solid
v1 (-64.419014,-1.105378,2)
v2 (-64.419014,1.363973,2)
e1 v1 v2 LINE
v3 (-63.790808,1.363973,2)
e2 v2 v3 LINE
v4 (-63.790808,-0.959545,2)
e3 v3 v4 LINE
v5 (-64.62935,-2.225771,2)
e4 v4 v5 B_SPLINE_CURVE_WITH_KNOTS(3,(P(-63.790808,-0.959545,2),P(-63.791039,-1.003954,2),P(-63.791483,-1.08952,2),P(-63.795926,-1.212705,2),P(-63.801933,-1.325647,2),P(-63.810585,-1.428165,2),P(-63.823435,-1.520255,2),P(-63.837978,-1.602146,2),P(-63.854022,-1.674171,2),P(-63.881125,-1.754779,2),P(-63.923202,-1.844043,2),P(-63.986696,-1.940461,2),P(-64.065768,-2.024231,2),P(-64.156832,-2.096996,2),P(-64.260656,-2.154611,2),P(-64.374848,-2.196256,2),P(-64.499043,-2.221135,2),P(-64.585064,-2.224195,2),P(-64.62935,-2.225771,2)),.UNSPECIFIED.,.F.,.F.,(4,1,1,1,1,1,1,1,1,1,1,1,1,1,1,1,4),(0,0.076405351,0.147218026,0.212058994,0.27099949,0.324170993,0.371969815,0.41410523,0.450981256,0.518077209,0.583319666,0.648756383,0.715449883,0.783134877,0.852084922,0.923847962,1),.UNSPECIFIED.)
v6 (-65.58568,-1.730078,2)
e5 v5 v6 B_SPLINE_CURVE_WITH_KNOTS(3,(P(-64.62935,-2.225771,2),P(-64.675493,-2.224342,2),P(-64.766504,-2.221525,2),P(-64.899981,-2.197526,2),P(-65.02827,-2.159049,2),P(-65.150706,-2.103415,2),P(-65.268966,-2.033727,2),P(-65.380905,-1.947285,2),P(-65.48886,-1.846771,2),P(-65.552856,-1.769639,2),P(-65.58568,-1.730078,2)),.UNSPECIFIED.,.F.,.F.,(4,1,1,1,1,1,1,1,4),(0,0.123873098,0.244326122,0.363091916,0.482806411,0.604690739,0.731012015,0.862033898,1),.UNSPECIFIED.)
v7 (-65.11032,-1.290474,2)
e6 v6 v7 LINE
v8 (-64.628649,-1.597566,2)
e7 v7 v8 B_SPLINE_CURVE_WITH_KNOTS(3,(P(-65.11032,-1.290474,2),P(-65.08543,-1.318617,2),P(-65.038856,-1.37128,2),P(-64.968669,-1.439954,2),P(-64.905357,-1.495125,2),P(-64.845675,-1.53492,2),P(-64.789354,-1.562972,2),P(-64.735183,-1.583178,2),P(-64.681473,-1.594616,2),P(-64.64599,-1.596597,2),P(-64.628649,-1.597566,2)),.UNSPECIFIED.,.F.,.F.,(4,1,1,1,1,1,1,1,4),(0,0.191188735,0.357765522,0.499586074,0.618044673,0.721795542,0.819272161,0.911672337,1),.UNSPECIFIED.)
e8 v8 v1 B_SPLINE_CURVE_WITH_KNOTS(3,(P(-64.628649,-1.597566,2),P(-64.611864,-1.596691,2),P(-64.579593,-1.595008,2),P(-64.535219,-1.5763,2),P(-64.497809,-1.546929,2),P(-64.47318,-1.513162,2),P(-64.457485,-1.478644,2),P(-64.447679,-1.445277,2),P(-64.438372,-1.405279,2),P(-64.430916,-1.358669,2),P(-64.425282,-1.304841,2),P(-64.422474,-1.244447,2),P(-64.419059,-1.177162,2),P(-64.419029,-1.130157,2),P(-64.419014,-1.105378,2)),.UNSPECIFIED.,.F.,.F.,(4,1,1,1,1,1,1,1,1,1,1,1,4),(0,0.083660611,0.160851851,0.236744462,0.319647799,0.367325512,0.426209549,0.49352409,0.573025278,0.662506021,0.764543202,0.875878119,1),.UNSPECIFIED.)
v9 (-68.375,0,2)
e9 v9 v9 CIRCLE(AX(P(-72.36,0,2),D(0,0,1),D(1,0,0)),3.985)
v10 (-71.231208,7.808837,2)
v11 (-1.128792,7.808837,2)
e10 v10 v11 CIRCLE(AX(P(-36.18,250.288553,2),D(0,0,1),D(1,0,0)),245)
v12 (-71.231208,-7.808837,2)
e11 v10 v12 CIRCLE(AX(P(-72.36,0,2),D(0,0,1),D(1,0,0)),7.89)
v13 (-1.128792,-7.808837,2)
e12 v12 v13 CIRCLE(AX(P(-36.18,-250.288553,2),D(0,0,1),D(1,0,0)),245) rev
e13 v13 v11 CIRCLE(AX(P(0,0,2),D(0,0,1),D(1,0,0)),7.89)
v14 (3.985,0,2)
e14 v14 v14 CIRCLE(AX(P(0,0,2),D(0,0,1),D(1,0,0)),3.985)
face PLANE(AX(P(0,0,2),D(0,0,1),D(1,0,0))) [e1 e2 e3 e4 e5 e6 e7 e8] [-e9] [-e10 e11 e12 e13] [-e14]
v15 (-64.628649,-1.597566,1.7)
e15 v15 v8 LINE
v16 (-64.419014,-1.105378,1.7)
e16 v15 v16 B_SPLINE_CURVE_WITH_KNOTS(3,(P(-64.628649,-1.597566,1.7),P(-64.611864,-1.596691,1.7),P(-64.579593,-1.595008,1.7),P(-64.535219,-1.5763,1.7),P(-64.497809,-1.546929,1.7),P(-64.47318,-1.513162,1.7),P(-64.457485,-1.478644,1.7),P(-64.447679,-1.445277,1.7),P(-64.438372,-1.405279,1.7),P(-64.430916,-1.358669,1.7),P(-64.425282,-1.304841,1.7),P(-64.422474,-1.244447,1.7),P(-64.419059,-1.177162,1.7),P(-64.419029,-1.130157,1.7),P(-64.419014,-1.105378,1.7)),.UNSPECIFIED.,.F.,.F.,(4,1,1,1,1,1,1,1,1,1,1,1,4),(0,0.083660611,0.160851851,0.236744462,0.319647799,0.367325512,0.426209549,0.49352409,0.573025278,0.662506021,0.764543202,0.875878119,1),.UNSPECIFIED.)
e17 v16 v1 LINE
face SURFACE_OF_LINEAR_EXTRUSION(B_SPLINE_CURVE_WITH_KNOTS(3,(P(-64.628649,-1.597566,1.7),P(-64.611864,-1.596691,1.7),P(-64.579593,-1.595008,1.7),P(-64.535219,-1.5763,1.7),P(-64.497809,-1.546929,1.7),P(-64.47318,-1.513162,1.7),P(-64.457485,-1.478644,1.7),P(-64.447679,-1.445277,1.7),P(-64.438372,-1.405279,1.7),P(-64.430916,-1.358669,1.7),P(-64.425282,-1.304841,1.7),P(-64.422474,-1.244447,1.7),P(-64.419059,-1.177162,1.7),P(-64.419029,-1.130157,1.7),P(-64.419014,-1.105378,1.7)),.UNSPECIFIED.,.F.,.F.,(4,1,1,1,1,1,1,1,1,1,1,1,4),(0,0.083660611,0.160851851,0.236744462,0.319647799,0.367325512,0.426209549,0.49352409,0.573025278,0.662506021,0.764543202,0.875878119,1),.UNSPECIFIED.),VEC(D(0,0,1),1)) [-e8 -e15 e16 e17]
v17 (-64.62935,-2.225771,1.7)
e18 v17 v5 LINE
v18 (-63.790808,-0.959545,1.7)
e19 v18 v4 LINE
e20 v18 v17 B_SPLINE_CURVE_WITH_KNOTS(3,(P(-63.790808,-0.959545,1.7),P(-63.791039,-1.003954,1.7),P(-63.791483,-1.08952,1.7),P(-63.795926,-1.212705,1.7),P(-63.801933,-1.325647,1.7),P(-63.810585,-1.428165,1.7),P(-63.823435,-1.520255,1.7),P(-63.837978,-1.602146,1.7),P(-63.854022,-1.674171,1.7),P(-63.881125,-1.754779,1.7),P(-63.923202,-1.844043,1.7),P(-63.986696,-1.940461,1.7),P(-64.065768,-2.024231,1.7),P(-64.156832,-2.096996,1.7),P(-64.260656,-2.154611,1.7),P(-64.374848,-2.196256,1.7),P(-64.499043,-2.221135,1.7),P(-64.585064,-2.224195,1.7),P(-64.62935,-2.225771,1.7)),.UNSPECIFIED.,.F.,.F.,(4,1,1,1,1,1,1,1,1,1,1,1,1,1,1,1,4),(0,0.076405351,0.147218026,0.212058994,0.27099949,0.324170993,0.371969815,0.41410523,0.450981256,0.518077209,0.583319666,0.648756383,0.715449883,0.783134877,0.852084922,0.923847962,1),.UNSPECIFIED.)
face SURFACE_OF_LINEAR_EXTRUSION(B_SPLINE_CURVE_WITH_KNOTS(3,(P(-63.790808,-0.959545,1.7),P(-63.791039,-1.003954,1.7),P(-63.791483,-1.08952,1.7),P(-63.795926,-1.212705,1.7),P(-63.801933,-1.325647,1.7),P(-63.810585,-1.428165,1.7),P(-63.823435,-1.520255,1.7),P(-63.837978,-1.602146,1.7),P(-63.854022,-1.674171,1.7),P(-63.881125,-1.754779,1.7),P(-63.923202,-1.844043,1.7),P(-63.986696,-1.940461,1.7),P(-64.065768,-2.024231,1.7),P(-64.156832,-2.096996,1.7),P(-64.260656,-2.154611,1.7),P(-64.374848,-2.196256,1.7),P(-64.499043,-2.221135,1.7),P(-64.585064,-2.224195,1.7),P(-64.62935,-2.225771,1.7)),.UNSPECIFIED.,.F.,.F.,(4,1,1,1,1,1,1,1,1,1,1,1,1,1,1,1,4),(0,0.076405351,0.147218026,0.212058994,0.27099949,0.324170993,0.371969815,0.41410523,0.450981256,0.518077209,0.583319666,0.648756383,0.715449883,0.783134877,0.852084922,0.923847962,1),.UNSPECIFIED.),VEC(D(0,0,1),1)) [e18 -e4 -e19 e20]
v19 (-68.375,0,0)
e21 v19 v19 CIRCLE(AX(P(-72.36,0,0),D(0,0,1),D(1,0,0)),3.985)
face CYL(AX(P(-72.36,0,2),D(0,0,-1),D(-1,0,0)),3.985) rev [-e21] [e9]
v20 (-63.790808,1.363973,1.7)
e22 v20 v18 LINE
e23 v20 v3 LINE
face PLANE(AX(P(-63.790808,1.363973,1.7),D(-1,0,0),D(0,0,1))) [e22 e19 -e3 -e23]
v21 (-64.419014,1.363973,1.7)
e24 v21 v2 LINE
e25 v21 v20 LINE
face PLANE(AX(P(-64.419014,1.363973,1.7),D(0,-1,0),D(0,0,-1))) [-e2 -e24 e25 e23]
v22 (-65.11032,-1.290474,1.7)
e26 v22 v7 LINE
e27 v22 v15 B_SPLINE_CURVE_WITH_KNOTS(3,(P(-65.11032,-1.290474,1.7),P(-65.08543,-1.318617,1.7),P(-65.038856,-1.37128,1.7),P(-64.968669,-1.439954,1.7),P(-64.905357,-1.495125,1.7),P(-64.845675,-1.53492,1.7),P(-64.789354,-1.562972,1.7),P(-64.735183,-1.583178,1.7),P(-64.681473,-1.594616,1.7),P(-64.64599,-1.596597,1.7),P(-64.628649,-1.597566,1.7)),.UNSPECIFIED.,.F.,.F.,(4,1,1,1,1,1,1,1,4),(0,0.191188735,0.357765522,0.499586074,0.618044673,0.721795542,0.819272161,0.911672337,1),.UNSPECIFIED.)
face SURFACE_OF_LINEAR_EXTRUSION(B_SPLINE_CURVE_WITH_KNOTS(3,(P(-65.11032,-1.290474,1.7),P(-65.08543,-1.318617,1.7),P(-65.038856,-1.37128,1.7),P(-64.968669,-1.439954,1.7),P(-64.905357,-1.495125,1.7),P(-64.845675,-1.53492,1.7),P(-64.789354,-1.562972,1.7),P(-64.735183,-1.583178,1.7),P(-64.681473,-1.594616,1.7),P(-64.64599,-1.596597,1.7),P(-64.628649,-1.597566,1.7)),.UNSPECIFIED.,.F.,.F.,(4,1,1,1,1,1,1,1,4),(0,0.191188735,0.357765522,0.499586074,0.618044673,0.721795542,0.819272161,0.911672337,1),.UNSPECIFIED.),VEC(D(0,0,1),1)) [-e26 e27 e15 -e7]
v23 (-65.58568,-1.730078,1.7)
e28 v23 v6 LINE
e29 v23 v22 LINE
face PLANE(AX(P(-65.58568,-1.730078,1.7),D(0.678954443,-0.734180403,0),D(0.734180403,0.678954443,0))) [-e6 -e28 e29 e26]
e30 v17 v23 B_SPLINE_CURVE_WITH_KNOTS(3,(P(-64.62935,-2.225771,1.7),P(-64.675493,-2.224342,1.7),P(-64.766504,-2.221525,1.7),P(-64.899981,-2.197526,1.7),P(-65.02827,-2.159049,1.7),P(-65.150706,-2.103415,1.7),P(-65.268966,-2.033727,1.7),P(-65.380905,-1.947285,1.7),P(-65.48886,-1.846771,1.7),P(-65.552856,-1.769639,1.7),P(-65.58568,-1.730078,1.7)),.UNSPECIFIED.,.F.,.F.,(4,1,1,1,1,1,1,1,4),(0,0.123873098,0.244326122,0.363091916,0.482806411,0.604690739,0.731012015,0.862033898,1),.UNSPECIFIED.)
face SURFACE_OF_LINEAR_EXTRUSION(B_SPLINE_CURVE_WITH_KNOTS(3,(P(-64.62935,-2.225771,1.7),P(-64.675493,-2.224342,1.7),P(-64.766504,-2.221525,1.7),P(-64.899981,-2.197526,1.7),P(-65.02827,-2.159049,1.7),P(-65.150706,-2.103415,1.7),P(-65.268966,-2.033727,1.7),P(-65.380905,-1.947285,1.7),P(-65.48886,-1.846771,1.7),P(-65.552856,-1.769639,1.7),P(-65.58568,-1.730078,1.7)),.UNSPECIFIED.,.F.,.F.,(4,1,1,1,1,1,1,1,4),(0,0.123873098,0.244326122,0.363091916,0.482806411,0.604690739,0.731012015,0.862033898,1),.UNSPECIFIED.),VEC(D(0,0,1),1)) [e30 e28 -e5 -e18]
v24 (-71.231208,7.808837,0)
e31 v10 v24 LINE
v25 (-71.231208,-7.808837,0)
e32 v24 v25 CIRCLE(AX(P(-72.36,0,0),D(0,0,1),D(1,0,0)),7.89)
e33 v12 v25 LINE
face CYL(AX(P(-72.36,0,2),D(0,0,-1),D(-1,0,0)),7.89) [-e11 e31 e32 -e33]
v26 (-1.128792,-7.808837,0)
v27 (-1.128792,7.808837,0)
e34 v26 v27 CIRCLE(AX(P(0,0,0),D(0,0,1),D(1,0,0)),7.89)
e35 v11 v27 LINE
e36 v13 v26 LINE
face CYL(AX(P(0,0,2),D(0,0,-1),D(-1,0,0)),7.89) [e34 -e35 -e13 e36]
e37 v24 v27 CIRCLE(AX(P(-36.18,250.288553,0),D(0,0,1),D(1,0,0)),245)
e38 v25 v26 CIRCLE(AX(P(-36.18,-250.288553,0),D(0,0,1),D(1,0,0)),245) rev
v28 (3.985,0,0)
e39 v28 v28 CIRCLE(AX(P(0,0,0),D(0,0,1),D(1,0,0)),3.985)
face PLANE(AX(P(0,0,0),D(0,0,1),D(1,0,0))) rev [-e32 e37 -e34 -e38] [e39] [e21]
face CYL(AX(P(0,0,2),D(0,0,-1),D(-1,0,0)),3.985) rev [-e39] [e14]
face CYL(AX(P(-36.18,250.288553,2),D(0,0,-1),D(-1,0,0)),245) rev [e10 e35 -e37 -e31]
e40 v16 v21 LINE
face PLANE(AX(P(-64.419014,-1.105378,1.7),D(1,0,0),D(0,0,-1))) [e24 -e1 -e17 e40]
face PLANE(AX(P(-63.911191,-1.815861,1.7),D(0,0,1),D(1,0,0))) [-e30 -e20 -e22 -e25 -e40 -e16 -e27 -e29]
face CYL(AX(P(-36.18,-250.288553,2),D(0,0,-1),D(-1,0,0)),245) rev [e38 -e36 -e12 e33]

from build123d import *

# Parameters (mm, degrees)
ESQUISSE1_R             = 3.985
BOSS_EXTRU_1_DEPTH      = 2
ENL_V_MAT_EXTRU_1_DEPTH = 0.3


with BuildPart() as part:
    # Esquisse1 → Boss.-Extru.1 (new body)
    with BuildSketch(Plane(origin=(0, 0, 0), x_dir=(0, 1, 0), z_dir=(0, 0, 1))):
        with BuildLine():
            ThreePointArc((-7.808836578, 1.128791965), (0, -7.89), (7.808836578, 1.128791965))
            ThreePointArc((7.808836578, 1.128791965), (5.288552874, 36.18), (7.808836578, 71.231208035))
            ThreePointArc((7.808836578, 71.231208035), (0, 80.25), (-7.808836578, 71.231208035))
            ThreePointArc((-7.808836578, 71.231208035), (-5.288552874, 36.18), (-7.808836578, 1.128791965))
        make_face()
        with Locations(Location((0, 0, 0), (0, 0, 270))):
            Circle(ESQUISSE1_R, mode=Mode.SUBTRACT)
        with Locations(Location((0, 72.36, 0), (0, 0, 270))):
            Circle(ESQUISSE1_R, mode=Mode.SUBTRACT)
    extrude(amount=BOSS_EXTRU_1_DEPTH)

    # Esquisse2 → Enlèv. mat.-Extru.1 (cut)
    with BuildSketch(Plane.XY.offset(2)):
        with BuildLine():
            Line((-64.419013619, 1.363972656), (-63.790808491, 1.363972656))
            Line((-63.790808491, 1.363972656), (-63.790808491, -0.959544972))
            add(Edge.make_bspline(
                [(-63.790808491, -0.959544972), (-63.791038809, -1.003953677), (-63.791482588, -1.089520485), (-63.795925603, -1.212705101), (-63.801933342, -1.32564701), (-63.810585066, -1.428165243), (-63.823435245, -1.520254841), (-63.837977746, -1.60214556), (-63.854022161, -1.674171081), (-63.881125115, -1.754778845), (-63.923201666, -1.844042774), (-63.986696382, -1.940460503), (-64.065767627, -2.02423108), (-64.156831583, -2.096995508), (-64.260655531, -2.154611171), (-64.374847611, -2.196255927), (-64.499042779, -2.221134792), (-64.58506355, -2.224195282), (-64.629350157, -2.225770934)],
                knots=[0, 0, 0, 0, 1.22248561, 2.355488409, 3.392943897, 4.335991845, 5.186735882, 5.951517034, 6.625683685, 7.215700098, 8.28923535, 9.333114649, 10.380102123, 11.447198135, 12.530158036, 13.633358744, 14.781567393, 16, 16, 16, 16], degree=3))
            add(Edge.make_bspline(
                [(-64.629350157, -2.225770934), (-64.675492772, -2.224342411), (-64.766504027, -2.221524808), (-64.899981406, -2.197526059), (-65.028269852, -2.159048845), (-65.150705669, -2.10341541), (-65.268966265, -2.033727017), (-65.380905318, -1.947285348), (-65.488859962, -1.846771339), (-65.552856134, -1.769639411), (-65.585680285, -1.730077825)],
                knots=[0, 0, 0, 0, 0.990984786, 1.954608977, 2.90473533, 3.862451285, 4.837525908, 5.848096122, 6.896271184, 8, 8, 8, 8], degree=3))
            Line((-65.585680285, -1.730077825), (-65.110319708, -1.290474459))
            add(Edge.make_bspline(
                [(-65.110319708, -1.290474459), (-65.085430365, -1.318617278), (-65.038855713, -1.371280057), (-64.968669084, -1.439953614), (-64.905356964, -1.495124891), (-64.845674591, -1.53492043), (-64.789353767, -1.562971842), (-64.73518271, -1.583178063), (-64.681472832, -1.594615932), (-64.645990448, -1.596597398), (-64.628649035, -1.597565805)],
                knots=[0, 0, 0, 0, 1.529509877, 2.862124173, 3.996688592, 4.944357383, 5.774364335, 6.554177287, 7.293378699, 8, 8, 8, 8], degree=3))
            add(Edge.make_bspline(
                [(-64.628649035, -1.597565805), (-64.611864478, -1.596690518), (-64.579593293, -1.595007627), (-64.535219176, -1.576300168), (-64.497808939, -1.54692867), (-64.473180247, -1.513162323), (-64.457485253, -1.478644025), (-64.447678724, -1.445276783), (-64.438372312, -1.405278504), (-64.430916222, -1.358669235), (-64.425282386, -1.30484102), (-64.422474327, -1.244447332), (-64.419059366, -1.177161813), (-64.41902941, -1.130157038), (-64.419013619, -1.105378305)],
                knots=[0, 0, 0, 0, 1.003927327, 1.930222208, 2.840933547, 3.835773585, 4.407906147, 5.114514582, 5.922289074, 6.876303333, 7.950072246, 9.174518422, 10.510537432, 12, 12, 12, 12], degree=3))
            Line((-64.419013619, -1.105378305), (-64.419013619, 1.363972656))
        make_face()
    extrude(amount=-ENL_V_MAT_EXTRU_1_DEPTH, mode=Mode.SUBTRACT)


solid = part.part
